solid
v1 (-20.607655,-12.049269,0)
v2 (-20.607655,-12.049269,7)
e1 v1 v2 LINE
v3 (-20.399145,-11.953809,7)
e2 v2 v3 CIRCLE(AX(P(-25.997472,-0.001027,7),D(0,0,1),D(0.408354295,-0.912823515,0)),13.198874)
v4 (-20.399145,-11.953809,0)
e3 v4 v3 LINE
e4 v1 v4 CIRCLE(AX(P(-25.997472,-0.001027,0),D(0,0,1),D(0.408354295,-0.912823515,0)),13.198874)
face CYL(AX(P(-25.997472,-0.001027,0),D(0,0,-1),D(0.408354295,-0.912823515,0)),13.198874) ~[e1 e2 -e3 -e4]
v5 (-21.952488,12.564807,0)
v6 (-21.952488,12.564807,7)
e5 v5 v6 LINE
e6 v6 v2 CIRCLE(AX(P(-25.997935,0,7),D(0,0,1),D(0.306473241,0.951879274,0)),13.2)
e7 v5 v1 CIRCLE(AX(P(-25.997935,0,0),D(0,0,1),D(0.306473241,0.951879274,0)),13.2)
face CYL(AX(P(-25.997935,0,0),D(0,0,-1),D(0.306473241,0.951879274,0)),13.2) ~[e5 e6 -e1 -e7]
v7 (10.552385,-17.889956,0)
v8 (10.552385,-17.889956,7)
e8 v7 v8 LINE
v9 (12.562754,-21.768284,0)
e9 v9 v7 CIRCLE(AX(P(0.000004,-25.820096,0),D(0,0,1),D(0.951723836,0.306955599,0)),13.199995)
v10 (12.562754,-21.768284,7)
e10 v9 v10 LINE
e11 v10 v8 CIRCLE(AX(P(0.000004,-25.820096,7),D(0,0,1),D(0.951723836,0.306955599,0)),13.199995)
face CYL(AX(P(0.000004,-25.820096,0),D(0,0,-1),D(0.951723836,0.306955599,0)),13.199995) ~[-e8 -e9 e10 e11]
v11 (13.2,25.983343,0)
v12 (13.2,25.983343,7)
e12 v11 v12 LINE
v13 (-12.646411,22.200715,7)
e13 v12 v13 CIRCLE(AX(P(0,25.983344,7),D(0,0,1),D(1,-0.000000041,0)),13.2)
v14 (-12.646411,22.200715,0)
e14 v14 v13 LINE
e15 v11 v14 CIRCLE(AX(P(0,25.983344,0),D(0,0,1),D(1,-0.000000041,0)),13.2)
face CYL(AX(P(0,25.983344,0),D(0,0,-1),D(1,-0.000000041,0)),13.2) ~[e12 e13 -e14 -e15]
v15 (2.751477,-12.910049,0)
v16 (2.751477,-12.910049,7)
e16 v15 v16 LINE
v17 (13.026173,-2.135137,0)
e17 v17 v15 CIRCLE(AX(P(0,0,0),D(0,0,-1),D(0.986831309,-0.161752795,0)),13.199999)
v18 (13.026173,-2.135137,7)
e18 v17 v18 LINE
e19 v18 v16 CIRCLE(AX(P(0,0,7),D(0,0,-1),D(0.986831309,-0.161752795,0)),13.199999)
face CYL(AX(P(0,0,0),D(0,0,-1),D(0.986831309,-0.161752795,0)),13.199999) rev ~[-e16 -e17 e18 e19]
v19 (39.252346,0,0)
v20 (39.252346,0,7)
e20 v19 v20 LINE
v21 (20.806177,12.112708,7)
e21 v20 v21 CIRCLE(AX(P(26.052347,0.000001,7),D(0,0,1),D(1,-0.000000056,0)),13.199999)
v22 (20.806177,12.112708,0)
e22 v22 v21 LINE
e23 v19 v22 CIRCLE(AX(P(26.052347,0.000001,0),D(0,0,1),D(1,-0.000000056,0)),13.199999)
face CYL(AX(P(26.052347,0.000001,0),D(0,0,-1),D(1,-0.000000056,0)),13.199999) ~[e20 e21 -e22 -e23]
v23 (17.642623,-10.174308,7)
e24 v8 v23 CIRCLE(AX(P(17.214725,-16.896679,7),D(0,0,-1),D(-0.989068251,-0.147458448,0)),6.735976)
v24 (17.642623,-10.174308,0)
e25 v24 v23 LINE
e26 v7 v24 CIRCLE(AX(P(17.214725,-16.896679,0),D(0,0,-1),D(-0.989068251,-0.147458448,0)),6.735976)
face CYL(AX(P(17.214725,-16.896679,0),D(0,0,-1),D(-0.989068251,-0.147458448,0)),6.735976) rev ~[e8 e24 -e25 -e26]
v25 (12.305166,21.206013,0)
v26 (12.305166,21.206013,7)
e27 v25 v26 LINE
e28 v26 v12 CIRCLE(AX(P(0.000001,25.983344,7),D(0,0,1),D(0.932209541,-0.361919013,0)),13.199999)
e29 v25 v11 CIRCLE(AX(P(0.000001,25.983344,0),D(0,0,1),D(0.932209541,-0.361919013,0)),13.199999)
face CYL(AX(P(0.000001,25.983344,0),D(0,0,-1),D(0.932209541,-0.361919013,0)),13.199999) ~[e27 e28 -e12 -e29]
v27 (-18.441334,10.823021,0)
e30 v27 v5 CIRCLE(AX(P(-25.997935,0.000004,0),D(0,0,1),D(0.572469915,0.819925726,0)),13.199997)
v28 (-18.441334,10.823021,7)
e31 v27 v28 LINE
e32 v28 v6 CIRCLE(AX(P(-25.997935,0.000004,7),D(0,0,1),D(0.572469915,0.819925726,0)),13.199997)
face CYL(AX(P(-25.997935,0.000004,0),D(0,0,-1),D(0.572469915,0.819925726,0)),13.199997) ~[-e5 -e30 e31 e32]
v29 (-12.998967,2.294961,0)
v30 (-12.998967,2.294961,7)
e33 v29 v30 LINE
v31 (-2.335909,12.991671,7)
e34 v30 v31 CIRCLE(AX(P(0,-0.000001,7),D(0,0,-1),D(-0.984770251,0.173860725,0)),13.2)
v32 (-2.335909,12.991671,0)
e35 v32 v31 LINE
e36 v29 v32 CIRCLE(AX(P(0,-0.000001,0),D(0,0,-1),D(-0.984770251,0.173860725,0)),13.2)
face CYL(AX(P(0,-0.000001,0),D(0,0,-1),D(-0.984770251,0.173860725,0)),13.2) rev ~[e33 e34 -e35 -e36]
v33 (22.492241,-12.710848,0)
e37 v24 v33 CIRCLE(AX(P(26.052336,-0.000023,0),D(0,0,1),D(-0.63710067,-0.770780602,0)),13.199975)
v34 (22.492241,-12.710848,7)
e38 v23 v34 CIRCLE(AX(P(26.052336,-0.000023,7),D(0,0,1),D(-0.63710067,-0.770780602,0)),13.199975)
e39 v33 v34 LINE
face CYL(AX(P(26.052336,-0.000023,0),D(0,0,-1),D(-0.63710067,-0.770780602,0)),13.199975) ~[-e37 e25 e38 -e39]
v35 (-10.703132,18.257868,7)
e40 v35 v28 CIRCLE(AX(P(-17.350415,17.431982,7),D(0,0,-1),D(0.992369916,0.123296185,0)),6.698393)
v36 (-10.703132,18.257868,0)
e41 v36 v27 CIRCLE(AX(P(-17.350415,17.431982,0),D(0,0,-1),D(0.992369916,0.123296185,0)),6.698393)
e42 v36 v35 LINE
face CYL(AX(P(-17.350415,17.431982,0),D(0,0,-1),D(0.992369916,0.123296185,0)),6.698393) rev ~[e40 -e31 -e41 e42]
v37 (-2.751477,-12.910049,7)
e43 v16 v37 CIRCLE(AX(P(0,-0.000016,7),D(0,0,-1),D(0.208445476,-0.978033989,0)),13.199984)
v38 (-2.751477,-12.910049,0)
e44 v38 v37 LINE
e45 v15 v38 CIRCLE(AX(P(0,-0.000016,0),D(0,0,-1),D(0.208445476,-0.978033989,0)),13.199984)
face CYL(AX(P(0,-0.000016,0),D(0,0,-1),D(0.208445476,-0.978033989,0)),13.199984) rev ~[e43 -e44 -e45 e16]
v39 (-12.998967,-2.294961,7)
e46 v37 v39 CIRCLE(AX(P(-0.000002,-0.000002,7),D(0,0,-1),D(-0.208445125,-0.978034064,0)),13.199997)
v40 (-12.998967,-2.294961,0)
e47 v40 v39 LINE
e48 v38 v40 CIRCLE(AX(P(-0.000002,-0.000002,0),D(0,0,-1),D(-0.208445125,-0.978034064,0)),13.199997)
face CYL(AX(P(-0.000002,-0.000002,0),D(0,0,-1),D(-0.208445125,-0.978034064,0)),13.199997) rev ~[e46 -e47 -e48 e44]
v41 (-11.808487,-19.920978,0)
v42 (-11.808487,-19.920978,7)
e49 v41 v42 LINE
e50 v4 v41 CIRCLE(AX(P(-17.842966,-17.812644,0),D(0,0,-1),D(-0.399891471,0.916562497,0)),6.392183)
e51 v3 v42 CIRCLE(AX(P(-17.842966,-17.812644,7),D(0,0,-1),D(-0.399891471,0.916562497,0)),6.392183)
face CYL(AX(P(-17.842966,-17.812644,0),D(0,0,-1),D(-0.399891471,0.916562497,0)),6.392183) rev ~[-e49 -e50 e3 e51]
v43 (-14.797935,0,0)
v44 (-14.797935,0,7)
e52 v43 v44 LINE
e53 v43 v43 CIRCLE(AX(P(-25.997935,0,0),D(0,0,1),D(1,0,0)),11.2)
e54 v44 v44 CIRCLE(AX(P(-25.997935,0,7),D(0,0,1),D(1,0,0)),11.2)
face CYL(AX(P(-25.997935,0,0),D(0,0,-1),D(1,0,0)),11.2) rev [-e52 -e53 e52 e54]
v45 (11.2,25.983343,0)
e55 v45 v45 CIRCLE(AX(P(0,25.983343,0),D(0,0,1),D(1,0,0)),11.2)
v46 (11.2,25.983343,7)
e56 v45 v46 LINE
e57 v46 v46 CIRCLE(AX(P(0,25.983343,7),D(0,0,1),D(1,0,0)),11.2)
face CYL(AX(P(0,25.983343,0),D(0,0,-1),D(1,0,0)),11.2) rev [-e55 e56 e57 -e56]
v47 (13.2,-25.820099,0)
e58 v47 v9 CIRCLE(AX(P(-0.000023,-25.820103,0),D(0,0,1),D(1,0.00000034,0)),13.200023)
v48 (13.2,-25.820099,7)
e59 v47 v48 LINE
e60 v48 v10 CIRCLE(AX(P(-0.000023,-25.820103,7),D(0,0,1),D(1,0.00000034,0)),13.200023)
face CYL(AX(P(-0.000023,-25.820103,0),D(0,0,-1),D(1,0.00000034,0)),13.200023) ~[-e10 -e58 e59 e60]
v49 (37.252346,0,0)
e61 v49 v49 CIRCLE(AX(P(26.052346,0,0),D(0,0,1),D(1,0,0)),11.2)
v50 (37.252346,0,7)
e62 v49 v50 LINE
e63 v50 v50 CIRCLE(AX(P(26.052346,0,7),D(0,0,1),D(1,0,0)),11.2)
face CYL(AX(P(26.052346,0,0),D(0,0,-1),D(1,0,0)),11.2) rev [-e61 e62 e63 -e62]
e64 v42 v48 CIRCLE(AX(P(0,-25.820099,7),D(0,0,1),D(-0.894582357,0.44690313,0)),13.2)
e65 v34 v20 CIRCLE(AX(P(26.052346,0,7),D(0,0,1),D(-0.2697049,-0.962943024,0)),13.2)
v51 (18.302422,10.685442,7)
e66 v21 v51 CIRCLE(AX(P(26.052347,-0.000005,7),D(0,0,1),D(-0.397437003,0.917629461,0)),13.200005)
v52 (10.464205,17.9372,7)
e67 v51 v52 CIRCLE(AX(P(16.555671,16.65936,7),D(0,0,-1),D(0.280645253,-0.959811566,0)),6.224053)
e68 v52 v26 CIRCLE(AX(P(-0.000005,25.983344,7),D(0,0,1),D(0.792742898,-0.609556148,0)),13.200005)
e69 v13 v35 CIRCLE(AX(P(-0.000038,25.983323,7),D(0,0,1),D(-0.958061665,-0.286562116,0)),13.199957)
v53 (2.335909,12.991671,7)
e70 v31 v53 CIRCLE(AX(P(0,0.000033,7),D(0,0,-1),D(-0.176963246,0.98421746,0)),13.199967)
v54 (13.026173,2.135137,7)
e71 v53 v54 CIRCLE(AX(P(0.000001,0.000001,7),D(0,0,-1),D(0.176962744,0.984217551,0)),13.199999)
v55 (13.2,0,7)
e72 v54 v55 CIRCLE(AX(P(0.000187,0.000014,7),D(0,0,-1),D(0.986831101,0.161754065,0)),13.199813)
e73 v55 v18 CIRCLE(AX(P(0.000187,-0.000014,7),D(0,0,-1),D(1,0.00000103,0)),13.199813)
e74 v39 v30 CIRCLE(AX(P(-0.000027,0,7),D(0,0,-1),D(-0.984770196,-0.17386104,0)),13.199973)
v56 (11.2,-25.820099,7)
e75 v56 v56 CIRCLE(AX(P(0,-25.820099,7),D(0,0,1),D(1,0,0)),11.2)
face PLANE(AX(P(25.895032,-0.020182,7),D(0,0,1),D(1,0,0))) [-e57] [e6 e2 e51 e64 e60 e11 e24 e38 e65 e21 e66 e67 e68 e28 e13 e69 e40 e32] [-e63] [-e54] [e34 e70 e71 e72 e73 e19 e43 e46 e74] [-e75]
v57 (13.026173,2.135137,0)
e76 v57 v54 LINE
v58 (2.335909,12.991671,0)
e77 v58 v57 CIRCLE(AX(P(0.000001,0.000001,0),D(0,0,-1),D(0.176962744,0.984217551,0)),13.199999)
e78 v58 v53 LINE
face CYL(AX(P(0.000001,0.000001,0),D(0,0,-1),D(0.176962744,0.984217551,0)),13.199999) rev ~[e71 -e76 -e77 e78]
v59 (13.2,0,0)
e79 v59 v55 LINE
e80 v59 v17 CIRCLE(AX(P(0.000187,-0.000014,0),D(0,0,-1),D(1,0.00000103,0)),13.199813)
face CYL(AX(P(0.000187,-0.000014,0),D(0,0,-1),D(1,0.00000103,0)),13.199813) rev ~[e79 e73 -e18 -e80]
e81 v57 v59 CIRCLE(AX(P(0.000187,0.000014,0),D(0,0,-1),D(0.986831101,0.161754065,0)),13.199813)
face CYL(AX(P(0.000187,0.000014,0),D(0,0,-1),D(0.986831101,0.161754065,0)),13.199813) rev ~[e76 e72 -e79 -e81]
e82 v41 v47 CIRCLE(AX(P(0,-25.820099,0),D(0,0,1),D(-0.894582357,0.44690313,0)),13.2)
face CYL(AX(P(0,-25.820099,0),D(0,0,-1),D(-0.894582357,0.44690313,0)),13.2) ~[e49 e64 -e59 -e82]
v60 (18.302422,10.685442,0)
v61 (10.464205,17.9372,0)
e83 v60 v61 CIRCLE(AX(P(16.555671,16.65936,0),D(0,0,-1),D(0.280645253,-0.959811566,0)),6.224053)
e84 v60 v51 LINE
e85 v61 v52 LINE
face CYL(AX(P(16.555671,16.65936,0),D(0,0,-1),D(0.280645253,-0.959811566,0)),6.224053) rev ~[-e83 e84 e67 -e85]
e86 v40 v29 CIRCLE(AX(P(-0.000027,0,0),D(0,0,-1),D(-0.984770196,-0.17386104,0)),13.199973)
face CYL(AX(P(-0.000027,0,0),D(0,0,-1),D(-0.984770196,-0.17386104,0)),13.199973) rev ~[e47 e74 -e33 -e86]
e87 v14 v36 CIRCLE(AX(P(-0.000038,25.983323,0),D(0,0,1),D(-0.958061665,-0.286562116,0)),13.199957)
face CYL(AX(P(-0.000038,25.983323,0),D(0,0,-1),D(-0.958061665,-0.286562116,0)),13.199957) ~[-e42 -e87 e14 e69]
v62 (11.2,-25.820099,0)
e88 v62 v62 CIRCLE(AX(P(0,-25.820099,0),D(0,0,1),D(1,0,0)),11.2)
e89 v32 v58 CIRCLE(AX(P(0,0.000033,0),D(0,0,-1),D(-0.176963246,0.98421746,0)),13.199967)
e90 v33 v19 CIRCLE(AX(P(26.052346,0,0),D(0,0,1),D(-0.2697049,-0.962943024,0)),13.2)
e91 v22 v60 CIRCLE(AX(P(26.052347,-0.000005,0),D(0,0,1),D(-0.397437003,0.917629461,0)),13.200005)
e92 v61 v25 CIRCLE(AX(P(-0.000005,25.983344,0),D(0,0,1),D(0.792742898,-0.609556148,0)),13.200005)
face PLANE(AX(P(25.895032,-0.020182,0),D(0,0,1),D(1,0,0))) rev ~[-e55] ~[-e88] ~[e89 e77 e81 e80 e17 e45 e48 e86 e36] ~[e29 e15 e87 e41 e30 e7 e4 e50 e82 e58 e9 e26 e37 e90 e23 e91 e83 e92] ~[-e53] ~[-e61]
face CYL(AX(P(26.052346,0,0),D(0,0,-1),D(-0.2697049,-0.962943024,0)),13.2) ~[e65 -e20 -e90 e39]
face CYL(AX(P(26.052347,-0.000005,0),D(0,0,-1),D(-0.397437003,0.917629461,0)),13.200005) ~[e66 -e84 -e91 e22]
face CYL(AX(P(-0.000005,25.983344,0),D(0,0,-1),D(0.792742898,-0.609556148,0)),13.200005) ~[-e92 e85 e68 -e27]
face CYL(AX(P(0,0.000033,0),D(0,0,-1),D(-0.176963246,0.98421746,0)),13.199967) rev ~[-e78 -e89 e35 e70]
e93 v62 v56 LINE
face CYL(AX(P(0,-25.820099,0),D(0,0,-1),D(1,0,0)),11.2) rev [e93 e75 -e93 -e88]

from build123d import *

# Parameters (mm, degrees)
F0_R     = 11.2
F1_DEPTH = 7


with BuildPart() as f1:
    # F0 (on Top) → F1 (new body)
    with BuildSketch(Plane.XY):
        with BuildLine():
            ThreePointArc((13.026173, 2.135137), (13.156472, 1.071101), (13.2, 0))
            ThreePointArc((13.2, 0), (13.156472, -1.071101), (13.026173, -2.135137))
            ThreePointArc((13.026173, -2.135137), (14.605448, -6.573318), (17.642623, -10.174308))
            ThreePointArc((17.642623, -10.174308), (20.336655, -10.92785), (22.492241, -12.710848))
            ThreePointArc((22.492241, -12.710848), (34.028768, -10.517447), (39.252346, 0))
            ThreePointArc((39.252346, 0), (33.297709, 11.033799), (20.806177, 12.112708))
            ThreePointArc((20.806177, 12.112708), (19.638047, 11.252162), (18.302422, 10.685442))
            ThreePointArc((18.302422, 10.685442), (14.818981, 6.93192), (13.026173, 2.135137))
        make_face()
        with Locations((26.052346, 0)):
            Circle(F0_R, mode=Mode.SUBTRACT)
        with BuildLine():
            ThreePointArc((2.335909, 12.991671), (9.405556, 9.261507), (13.026173, 2.135137))
            ThreePointArc((13.026173, 2.135137), (14.818981, 6.93192), (18.302422, 10.685442))
            ThreePointArc((18.302422, 10.685442), (12.328836, 12.090695), (10.464205, 17.9372))
            ThreePointArc((10.464205, 17.9372), (6.861144, 14.70661), (2.335909, 12.991671))
        make_face()
        with BuildLine():
            ThreePointArc((17.642623, -10.174308), (14.605448, -6.573318), (13.026173, -2.135137))
            ThreePointArc((13.026173, -2.135137), (9.552918, -9.109432), (2.751477, -12.910049))
            ThreePointArc((2.751477, -12.910049), (7.102679, -14.693916), (10.552385, -17.889956))
            ThreePointArc((10.552385, -17.889956), (12.254899, -12.338884), (17.642623, -10.174308))
        make_face()
        with BuildLine():
            ThreePointArc((-2.335909, 12.991671), (0, 13.2), (2.335909, 12.991671))
            ThreePointArc((2.335909, 12.991671), (6.861144, 14.70661), (10.464205, 17.9372))
            ThreePointArc((10.464205, 17.9372), (11.132538, 19.713613), (12.305166, 21.206013))
            ThreePointArc((12.305166, 21.206013), (12.974363, 23.553137), (13.2, 25.983343))
            ThreePointArc((13.2, 25.983343), (-1.911461, 39.044213), (-12.646411, 22.200715))
            ThreePointArc((-12.646411, 22.200715), (-11.342134, 20.393236), (-10.703132, 18.257868))
            ThreePointArc((-10.703132, 18.257868), (-7.03117, 14.811833), (-2.335909, 12.991671))
        make_face()
        with Locations((0, 25.983343)):
            Circle(F0_R, mode=Mode.SUBTRACT)
        with BuildLine():
            ThreePointArc((20.806177, 12.112708), (19.51523, 11.467611), (18.302422, 10.685442))
            ThreePointArc((18.302422, 10.685442), (19.638047, 11.252162), (20.806177, 12.112708))
        make_face()
        with BuildLine():
            ThreePointArc((10.552385, -17.889956), (7.102679, -14.693916), (2.751477, -12.910049))
            ThreePointArc((2.751477, -12.910049), (0, -13.2), (-2.751477, -12.910049))
            ThreePointArc((-2.751477, -12.910049), (-8.080001, -15.382016), (-11.808487, -19.920978))
            ThreePointArc((-11.808487, -19.920978), (-3.030509, -38.667512), (13.2, -25.820099))
            ThreePointArc((13.2, -25.820099), (13.039715, -23.769289), (12.562754, -21.768284))
            ThreePointArc((12.562754, -21.768284), (11.234444, -19.996615), (10.552385, -17.889956))
        make_face()
        with Locations((0, -25.820099)):
            Circle(F0_R, mode=Mode.SUBTRACT)
        with BuildLine():
            ThreePointArc((22.492241, -12.710848), (20.336655, -10.92785), (17.642623, -10.174308))
            ThreePointArc((17.642623, -10.174308), (19.934527, -11.696679), (22.492241, -12.710848))
        make_face()
        with BuildLine():
            ThreePointArc((-12.998967, 2.294961), (-9.348503, 9.319092), (-2.335909, 12.991671))
            ThreePointArc((-2.335909, 12.991671), (-7.03117, 14.811833), (-10.703132, 18.257868))
            ThreePointArc((-10.703132, 18.257868), (-12.70956, 12.601772), (-18.441334, 10.823021))
            ThreePointArc((-18.441334, 10.823021), (-14.870725, 7.10107), (-12.998967, 2.294961))
        make_face()
        with BuildLine():
            ThreePointArc((12.305166, 21.206013), (11.132538, 19.713613), (10.464205, 17.9372))
            ThreePointArc((10.464205, 17.9372), (11.501406, 19.50587), (12.305166, 21.206013))
        make_face()
        with BuildLine():
            ThreePointArc((-11.808487, -19.920978), (-8.080001, -15.382016), (-2.751477, -12.910049))
            ThreePointArc((-2.751477, -12.910049), (-9.496797, -9.167925), (-12.998967, -2.294961))
            ThreePointArc((-12.998967, -2.294961), (-15.519744, -8.027921), (-20.399145, -11.953809))
            ThreePointArc((-20.399145, -11.953809), (-13.49629, -13.12581), (-11.808487, -19.920978))
        make_face()
        with BuildLine():
            ThreePointArc((12.562754, -21.768284), (11.71912, -19.745379), (10.552385, -17.889956))
            ThreePointArc((10.552385, -17.889956), (11.234444, -19.996615), (12.562754, -21.768284))
        make_face()
        with BuildLine():
            ThreePointArc((-12.998967, -2.294961), (-13.2, 0), (-12.998967, 2.294961))
            ThreePointArc((-12.998967, 2.294961), (-14.870725, 7.10107), (-18.441334, 10.823021))
            ThreePointArc((-18.441334, 10.823021), (-20.327157, 11.431359), (-21.952488, 12.564807))
            ThreePointArc((-21.952488, 12.564807), (-39.178277, -0.720131), (-20.607655, -12.049269))
            ThreePointArc((-20.607655, -12.049269), (-20.503828, -12.000604), (-20.399145, -11.953809))
            ThreePointArc((-20.399145, -11.953809), (-15.519744, -8.027921), (-12.998967, -2.294961))
        make_face()
        with Locations((-25.997935, 0)):
            Circle(F0_R, mode=Mode.SUBTRACT)
        with BuildLine():
            ThreePointArc((-12.646411, 22.200715), (-11.840051, 20.147831), (-10.703132, 18.257868))
            ThreePointArc((-10.703132, 18.257868), (-11.342134, 20.393236), (-12.646411, 22.200715))
        make_face()
        with BuildLine():
            ThreePointArc((-21.952488, 12.564807), (-20.327157, 11.431359), (-18.441334, 10.823021))
            ThreePointArc((-18.441334, 10.823021), (-20.131903, 11.82496), (-21.952488, 12.564807))
        make_face()
        with BuildLine():
            ThreePointArc((-20.607655, -12.049269), (-20.503193, -12.001992), (-20.399145, -11.953809))
            ThreePointArc((-20.399145, -11.953809), (-20.503828, -12.000604), (-20.607655, -12.049269))
        make_face()
    extrude(amount=F1_DEPTH)


solid = f1.part
